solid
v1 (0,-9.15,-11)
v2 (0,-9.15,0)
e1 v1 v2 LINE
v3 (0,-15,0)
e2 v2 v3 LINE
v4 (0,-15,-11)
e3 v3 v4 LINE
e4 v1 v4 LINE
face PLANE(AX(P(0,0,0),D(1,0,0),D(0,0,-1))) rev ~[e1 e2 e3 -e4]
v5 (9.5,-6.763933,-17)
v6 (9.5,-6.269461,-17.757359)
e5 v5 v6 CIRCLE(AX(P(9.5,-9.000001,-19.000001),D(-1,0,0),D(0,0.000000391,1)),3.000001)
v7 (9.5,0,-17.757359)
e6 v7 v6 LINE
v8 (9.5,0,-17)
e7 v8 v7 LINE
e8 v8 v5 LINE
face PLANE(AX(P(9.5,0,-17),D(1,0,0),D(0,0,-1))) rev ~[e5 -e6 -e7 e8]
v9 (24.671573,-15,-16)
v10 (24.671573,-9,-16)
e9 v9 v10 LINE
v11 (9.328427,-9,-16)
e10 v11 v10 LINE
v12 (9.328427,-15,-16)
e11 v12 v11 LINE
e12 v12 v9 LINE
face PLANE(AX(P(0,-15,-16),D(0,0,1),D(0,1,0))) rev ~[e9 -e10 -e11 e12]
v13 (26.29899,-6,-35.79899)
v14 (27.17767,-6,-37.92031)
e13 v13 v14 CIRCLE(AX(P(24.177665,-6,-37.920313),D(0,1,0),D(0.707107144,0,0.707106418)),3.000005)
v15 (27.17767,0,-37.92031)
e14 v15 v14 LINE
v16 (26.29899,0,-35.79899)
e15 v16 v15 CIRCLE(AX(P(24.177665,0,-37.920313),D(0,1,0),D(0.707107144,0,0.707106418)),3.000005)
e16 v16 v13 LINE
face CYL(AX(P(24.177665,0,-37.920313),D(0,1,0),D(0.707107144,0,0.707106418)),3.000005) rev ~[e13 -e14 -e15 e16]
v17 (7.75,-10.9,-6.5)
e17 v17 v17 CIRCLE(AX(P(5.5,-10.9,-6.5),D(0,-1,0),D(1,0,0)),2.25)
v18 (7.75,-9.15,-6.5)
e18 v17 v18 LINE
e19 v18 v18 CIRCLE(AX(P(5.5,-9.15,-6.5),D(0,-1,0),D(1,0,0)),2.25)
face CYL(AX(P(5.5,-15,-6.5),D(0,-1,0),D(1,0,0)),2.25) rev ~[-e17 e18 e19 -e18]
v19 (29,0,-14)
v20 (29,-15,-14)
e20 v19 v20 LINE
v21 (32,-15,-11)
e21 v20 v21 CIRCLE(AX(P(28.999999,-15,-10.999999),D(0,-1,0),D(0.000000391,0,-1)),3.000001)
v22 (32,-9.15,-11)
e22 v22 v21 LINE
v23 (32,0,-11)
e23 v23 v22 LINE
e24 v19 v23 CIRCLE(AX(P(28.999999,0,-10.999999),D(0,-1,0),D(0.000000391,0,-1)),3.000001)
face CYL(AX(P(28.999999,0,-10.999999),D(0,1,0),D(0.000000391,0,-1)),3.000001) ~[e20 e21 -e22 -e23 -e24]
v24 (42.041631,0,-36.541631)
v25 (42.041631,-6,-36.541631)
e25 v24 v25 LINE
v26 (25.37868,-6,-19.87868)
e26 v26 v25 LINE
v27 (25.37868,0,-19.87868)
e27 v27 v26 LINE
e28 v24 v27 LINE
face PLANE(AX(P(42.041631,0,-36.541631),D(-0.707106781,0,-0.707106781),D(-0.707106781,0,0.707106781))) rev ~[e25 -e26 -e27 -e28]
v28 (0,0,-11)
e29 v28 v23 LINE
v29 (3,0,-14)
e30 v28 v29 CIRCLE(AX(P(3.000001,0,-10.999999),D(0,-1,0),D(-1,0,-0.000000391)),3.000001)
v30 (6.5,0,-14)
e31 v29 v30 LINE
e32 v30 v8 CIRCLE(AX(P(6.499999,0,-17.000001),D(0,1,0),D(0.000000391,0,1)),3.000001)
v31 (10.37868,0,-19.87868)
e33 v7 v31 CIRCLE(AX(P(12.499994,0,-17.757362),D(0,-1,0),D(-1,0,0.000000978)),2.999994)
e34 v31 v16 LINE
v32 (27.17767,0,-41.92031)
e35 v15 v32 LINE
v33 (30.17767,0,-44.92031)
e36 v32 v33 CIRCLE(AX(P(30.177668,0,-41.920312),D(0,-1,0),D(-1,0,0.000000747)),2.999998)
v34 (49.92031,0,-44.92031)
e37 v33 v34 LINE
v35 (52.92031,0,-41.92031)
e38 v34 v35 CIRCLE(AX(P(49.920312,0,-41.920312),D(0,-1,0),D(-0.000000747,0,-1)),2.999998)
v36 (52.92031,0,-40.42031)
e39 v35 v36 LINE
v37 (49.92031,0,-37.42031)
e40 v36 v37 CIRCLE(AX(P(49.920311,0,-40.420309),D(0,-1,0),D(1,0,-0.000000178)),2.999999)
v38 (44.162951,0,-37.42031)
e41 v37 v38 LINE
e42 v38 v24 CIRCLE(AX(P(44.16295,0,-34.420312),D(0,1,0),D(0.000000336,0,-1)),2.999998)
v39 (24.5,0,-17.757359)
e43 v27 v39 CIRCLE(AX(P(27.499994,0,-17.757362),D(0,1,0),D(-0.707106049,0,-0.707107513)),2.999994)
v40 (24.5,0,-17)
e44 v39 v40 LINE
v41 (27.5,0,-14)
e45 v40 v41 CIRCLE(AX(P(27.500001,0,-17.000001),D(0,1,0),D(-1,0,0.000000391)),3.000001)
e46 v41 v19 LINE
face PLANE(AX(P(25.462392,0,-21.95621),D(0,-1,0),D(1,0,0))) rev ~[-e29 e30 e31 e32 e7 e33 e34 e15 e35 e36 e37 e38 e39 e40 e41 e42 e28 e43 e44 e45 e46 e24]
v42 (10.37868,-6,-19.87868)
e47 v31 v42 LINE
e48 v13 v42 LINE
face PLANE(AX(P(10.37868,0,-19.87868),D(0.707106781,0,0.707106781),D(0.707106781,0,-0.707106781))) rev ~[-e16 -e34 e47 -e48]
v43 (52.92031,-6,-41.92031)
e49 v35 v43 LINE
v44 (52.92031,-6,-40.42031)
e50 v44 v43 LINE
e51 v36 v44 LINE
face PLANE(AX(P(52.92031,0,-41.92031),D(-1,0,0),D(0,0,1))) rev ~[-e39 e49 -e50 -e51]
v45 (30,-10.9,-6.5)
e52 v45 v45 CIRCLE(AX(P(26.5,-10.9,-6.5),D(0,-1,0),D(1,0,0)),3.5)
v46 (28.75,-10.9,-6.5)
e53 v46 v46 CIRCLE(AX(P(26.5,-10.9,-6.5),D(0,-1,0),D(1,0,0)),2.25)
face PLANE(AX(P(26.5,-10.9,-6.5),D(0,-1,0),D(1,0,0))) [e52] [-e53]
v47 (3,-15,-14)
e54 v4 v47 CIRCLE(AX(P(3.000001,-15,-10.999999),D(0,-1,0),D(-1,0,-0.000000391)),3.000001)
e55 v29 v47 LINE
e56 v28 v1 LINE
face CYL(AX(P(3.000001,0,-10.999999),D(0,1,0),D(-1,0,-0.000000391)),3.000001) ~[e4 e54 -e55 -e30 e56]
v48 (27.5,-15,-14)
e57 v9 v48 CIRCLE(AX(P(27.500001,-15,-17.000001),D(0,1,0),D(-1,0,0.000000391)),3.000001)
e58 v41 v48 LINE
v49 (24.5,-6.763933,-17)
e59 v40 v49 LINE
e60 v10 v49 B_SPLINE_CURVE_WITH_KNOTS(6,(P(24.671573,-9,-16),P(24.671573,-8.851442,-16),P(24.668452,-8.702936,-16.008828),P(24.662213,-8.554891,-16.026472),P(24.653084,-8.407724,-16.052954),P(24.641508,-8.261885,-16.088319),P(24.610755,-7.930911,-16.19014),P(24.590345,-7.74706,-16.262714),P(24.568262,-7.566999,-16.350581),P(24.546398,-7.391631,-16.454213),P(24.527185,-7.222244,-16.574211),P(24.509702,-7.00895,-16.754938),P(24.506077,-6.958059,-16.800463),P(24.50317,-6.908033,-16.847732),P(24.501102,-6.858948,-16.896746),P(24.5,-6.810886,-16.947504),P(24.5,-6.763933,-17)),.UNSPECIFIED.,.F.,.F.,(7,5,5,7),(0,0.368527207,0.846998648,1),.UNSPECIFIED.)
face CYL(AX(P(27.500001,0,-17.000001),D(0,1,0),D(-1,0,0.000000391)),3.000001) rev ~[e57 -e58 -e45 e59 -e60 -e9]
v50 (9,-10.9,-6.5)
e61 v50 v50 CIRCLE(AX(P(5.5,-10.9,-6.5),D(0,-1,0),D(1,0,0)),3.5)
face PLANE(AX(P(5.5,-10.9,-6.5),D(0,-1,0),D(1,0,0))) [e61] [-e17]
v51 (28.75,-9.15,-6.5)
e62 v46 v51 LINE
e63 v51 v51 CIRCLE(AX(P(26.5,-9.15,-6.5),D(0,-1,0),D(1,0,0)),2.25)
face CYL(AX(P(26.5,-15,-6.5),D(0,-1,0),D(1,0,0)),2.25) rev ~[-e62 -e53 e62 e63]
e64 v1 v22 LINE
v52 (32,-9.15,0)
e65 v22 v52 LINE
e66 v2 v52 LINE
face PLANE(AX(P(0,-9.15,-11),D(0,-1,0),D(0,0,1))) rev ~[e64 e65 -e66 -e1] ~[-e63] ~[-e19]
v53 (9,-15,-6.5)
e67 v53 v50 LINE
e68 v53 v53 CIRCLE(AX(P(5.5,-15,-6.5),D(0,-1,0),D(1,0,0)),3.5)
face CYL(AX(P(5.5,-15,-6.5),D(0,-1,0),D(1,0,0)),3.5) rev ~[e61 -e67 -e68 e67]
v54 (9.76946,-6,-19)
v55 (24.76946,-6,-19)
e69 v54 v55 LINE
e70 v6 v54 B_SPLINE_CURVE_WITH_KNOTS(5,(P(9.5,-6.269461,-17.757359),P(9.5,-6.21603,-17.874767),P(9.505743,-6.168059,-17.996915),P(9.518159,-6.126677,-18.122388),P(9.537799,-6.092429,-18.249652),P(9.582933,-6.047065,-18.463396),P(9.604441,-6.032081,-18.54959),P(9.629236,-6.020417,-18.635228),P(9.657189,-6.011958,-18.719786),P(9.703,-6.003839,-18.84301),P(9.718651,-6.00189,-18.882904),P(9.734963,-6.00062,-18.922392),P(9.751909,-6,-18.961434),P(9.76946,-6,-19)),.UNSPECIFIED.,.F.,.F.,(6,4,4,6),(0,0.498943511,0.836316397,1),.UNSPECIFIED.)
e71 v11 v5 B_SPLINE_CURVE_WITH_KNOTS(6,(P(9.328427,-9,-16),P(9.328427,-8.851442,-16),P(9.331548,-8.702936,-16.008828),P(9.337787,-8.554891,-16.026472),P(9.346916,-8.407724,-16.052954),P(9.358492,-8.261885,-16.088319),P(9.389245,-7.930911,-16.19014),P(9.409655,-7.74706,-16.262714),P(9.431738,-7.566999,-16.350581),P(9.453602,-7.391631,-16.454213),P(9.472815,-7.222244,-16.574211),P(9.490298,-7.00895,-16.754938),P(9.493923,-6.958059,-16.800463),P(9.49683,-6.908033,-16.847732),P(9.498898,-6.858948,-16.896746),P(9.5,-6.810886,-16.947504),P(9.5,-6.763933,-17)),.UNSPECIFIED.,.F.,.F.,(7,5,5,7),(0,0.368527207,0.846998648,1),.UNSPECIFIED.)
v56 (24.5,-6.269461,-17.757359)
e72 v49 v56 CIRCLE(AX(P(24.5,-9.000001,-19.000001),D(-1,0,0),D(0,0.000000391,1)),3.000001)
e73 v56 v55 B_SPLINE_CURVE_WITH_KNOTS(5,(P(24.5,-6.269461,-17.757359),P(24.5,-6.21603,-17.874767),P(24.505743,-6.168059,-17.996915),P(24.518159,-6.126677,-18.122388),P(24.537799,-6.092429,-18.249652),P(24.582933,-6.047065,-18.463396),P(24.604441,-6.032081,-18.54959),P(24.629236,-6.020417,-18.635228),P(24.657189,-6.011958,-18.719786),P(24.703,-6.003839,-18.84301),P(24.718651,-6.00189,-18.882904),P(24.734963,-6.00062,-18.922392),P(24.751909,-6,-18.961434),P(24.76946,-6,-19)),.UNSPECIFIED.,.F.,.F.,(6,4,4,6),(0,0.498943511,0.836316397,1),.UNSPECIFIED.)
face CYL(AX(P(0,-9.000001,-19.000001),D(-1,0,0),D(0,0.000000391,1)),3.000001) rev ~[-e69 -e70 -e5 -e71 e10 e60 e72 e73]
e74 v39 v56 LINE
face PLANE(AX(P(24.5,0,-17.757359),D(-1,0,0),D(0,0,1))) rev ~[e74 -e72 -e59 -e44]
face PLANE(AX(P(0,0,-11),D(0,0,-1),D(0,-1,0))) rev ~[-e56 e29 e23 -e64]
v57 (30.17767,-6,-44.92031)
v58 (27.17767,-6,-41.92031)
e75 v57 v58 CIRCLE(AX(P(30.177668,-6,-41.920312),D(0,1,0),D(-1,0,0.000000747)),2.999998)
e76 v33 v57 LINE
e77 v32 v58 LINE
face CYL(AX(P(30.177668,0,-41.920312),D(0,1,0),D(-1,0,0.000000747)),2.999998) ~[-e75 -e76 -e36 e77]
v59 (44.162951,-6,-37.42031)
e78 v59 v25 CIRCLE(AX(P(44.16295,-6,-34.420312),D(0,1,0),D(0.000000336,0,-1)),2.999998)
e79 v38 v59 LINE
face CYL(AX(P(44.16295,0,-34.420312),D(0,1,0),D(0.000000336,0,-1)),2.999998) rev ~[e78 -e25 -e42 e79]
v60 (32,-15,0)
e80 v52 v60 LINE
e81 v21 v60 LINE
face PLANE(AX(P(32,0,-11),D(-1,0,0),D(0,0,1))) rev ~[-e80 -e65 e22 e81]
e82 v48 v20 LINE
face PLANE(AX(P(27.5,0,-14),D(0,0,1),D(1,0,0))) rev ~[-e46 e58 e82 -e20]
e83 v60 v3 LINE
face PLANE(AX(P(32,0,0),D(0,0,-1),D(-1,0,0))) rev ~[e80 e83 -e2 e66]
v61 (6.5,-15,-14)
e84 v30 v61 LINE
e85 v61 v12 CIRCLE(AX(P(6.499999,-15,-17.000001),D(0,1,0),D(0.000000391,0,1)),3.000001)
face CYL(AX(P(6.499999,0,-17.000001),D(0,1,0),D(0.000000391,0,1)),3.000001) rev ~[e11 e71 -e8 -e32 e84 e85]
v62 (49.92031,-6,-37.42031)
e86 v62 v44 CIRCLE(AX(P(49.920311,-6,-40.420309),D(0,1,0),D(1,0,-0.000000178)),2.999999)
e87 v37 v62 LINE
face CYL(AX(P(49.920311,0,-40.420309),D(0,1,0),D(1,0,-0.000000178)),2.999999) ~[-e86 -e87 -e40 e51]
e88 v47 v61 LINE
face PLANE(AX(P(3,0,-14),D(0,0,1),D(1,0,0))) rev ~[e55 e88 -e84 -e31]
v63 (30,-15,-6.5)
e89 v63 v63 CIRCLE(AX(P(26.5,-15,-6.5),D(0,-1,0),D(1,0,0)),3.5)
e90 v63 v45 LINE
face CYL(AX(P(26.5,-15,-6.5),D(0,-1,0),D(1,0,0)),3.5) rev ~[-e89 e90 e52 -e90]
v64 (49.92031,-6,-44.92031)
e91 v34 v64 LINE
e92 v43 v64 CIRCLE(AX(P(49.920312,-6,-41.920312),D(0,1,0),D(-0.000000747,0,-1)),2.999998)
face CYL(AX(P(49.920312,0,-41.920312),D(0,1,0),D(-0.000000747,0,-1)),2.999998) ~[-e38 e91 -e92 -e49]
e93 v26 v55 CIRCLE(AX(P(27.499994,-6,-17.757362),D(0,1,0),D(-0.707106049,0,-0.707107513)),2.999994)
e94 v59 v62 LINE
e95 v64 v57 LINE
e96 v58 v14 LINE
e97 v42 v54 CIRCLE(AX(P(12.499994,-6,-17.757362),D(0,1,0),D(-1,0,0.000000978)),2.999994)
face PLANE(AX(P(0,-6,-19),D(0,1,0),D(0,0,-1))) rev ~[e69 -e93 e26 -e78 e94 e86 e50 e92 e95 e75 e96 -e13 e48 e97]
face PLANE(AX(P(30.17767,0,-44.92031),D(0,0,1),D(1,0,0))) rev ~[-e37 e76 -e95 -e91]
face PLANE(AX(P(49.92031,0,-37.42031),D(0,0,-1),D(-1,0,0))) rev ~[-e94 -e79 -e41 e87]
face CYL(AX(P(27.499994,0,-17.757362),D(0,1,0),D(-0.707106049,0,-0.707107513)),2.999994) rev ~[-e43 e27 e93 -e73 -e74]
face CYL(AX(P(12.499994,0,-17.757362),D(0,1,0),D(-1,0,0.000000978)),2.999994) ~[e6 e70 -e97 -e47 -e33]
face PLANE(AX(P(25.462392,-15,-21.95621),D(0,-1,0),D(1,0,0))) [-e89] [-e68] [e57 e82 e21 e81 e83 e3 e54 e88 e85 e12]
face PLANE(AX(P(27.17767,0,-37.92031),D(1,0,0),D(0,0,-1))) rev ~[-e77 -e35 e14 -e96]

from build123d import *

# Parameters (mm, degrees)
F1_DEPTH = 15
F2_R     = 3.5
F3_DEPTH = 4.1
F4_R     = 2.25
F5_DEPTH = 25
F6_W     = 9.15
F6_H     = 11
F7_DEPTH = 52.92131


with BuildPart() as f1:
    # F0 (on Front) → F1 (new body)
    with BuildSketch(Plane.XZ):
        with BuildLine():
            Line((32, 0), (0, 0))
            Line((0, 0), (0, -11))
            ThreePointArc((0, -11), (0.87868, -13.12132), (3, -14))
            Line((3, -14), (6.5, -14))
            ThreePointArc((6.5, -14), (8.62132, -14.87868), (9.5, -17))
            Line((9.5, -17), (9.5, -17.757359))
            ThreePointArc((9.5, -17.757359), (9.728361, -18.90541), (10.37868, -19.87868))
            Line((10.37868, -19.87868), (26.29899, -35.79899))
            ThreePointArc((26.29899, -35.79899), (26.949308, -36.77226), (27.17767, -37.92031))
            Line((27.17767, -37.92031), (27.17767, -41.92031))
            ThreePointArc((27.17767, -41.92031), (28.056349, -44.041631), (30.17767, -44.92031))
            Line((30.17767, -44.92031), (49.92031, -44.92031))
            ThreePointArc((49.92031, -44.92031), (52.041631, -44.041631), (52.92031, -41.92031))
            Line((52.92031, -41.92031), (52.92031, -40.42031))
            ThreePointArc((52.92031, -40.42031), (52.041631, -38.29899), (49.92031, -37.42031))
            Line((49.92031, -37.42031), (44.162951, -37.42031))
            ThreePointArc((44.162951, -37.42031), (43.014901, -37.191949), (42.041631, -36.541631))
            Line((42.041631, -36.541631), (25.37868, -19.87868))
            ThreePointArc((25.37868, -19.87868), (24.728361, -18.90541), (24.5, -17.757359))
            Line((24.5, -17.757359), (24.5, -17))
            ThreePointArc((24.5, -17), (25.37868, -14.87868), (27.5, -14))
            Line((27.5, -14), (29, -14))
            ThreePointArc((29, -14), (31.12132, -13.12132), (32, -11))
            Line((32, -11), (32, 0))
        make_face()
    extrude(amount=F1_DEPTH)

    # F2 (on face) → F3 (cut)
    with BuildSketch(Plane.XZ.offset(15)):
        with Locations((26.5, -6.5)):
            Circle(F2_R)
        with Locations((5.5, -6.5)):
            Circle(F2_R)
    extrude(amount=-F3_DEPTH, mode=Mode.SUBTRACT)

    # F4 (on face) → F5 (cut)
    with BuildSketch(Plane.XZ.offset(15)):
        with Locations((5.5, -6.5)):
            Circle(F4_R)
        with Locations((26.5, -6.5)):
            Circle(F4_R)
    extrude(amount=-F5_DEPTH, mode=Mode.SUBTRACT)

    # F6 (on face) → F7 (cut, through all)
    with BuildSketch(Plane(origin=(0, 0, 0), x_dir=(0, -1, 0), z_dir=(-1, 0, 0))):
        with Locations((4.575, -5.5)):
            Rectangle(F6_W, F6_H)
        with BuildLine():
            ThreePointArc((6, -45), (6.87868, -47.12132), (9, -48))
            Line((9, -48), (15, -48))
            Line((15, -48), (15, -16))
            Line((15, -16), (9, -16))
            ThreePointArc((9, -16), (6.87868, -16.87868), (6, -19))
            Line((6, -19), (6, -45))
        make_face()
    extrude(amount=-F7_DEPTH, mode=Mode.SUBTRACT)


solid = f1.part
